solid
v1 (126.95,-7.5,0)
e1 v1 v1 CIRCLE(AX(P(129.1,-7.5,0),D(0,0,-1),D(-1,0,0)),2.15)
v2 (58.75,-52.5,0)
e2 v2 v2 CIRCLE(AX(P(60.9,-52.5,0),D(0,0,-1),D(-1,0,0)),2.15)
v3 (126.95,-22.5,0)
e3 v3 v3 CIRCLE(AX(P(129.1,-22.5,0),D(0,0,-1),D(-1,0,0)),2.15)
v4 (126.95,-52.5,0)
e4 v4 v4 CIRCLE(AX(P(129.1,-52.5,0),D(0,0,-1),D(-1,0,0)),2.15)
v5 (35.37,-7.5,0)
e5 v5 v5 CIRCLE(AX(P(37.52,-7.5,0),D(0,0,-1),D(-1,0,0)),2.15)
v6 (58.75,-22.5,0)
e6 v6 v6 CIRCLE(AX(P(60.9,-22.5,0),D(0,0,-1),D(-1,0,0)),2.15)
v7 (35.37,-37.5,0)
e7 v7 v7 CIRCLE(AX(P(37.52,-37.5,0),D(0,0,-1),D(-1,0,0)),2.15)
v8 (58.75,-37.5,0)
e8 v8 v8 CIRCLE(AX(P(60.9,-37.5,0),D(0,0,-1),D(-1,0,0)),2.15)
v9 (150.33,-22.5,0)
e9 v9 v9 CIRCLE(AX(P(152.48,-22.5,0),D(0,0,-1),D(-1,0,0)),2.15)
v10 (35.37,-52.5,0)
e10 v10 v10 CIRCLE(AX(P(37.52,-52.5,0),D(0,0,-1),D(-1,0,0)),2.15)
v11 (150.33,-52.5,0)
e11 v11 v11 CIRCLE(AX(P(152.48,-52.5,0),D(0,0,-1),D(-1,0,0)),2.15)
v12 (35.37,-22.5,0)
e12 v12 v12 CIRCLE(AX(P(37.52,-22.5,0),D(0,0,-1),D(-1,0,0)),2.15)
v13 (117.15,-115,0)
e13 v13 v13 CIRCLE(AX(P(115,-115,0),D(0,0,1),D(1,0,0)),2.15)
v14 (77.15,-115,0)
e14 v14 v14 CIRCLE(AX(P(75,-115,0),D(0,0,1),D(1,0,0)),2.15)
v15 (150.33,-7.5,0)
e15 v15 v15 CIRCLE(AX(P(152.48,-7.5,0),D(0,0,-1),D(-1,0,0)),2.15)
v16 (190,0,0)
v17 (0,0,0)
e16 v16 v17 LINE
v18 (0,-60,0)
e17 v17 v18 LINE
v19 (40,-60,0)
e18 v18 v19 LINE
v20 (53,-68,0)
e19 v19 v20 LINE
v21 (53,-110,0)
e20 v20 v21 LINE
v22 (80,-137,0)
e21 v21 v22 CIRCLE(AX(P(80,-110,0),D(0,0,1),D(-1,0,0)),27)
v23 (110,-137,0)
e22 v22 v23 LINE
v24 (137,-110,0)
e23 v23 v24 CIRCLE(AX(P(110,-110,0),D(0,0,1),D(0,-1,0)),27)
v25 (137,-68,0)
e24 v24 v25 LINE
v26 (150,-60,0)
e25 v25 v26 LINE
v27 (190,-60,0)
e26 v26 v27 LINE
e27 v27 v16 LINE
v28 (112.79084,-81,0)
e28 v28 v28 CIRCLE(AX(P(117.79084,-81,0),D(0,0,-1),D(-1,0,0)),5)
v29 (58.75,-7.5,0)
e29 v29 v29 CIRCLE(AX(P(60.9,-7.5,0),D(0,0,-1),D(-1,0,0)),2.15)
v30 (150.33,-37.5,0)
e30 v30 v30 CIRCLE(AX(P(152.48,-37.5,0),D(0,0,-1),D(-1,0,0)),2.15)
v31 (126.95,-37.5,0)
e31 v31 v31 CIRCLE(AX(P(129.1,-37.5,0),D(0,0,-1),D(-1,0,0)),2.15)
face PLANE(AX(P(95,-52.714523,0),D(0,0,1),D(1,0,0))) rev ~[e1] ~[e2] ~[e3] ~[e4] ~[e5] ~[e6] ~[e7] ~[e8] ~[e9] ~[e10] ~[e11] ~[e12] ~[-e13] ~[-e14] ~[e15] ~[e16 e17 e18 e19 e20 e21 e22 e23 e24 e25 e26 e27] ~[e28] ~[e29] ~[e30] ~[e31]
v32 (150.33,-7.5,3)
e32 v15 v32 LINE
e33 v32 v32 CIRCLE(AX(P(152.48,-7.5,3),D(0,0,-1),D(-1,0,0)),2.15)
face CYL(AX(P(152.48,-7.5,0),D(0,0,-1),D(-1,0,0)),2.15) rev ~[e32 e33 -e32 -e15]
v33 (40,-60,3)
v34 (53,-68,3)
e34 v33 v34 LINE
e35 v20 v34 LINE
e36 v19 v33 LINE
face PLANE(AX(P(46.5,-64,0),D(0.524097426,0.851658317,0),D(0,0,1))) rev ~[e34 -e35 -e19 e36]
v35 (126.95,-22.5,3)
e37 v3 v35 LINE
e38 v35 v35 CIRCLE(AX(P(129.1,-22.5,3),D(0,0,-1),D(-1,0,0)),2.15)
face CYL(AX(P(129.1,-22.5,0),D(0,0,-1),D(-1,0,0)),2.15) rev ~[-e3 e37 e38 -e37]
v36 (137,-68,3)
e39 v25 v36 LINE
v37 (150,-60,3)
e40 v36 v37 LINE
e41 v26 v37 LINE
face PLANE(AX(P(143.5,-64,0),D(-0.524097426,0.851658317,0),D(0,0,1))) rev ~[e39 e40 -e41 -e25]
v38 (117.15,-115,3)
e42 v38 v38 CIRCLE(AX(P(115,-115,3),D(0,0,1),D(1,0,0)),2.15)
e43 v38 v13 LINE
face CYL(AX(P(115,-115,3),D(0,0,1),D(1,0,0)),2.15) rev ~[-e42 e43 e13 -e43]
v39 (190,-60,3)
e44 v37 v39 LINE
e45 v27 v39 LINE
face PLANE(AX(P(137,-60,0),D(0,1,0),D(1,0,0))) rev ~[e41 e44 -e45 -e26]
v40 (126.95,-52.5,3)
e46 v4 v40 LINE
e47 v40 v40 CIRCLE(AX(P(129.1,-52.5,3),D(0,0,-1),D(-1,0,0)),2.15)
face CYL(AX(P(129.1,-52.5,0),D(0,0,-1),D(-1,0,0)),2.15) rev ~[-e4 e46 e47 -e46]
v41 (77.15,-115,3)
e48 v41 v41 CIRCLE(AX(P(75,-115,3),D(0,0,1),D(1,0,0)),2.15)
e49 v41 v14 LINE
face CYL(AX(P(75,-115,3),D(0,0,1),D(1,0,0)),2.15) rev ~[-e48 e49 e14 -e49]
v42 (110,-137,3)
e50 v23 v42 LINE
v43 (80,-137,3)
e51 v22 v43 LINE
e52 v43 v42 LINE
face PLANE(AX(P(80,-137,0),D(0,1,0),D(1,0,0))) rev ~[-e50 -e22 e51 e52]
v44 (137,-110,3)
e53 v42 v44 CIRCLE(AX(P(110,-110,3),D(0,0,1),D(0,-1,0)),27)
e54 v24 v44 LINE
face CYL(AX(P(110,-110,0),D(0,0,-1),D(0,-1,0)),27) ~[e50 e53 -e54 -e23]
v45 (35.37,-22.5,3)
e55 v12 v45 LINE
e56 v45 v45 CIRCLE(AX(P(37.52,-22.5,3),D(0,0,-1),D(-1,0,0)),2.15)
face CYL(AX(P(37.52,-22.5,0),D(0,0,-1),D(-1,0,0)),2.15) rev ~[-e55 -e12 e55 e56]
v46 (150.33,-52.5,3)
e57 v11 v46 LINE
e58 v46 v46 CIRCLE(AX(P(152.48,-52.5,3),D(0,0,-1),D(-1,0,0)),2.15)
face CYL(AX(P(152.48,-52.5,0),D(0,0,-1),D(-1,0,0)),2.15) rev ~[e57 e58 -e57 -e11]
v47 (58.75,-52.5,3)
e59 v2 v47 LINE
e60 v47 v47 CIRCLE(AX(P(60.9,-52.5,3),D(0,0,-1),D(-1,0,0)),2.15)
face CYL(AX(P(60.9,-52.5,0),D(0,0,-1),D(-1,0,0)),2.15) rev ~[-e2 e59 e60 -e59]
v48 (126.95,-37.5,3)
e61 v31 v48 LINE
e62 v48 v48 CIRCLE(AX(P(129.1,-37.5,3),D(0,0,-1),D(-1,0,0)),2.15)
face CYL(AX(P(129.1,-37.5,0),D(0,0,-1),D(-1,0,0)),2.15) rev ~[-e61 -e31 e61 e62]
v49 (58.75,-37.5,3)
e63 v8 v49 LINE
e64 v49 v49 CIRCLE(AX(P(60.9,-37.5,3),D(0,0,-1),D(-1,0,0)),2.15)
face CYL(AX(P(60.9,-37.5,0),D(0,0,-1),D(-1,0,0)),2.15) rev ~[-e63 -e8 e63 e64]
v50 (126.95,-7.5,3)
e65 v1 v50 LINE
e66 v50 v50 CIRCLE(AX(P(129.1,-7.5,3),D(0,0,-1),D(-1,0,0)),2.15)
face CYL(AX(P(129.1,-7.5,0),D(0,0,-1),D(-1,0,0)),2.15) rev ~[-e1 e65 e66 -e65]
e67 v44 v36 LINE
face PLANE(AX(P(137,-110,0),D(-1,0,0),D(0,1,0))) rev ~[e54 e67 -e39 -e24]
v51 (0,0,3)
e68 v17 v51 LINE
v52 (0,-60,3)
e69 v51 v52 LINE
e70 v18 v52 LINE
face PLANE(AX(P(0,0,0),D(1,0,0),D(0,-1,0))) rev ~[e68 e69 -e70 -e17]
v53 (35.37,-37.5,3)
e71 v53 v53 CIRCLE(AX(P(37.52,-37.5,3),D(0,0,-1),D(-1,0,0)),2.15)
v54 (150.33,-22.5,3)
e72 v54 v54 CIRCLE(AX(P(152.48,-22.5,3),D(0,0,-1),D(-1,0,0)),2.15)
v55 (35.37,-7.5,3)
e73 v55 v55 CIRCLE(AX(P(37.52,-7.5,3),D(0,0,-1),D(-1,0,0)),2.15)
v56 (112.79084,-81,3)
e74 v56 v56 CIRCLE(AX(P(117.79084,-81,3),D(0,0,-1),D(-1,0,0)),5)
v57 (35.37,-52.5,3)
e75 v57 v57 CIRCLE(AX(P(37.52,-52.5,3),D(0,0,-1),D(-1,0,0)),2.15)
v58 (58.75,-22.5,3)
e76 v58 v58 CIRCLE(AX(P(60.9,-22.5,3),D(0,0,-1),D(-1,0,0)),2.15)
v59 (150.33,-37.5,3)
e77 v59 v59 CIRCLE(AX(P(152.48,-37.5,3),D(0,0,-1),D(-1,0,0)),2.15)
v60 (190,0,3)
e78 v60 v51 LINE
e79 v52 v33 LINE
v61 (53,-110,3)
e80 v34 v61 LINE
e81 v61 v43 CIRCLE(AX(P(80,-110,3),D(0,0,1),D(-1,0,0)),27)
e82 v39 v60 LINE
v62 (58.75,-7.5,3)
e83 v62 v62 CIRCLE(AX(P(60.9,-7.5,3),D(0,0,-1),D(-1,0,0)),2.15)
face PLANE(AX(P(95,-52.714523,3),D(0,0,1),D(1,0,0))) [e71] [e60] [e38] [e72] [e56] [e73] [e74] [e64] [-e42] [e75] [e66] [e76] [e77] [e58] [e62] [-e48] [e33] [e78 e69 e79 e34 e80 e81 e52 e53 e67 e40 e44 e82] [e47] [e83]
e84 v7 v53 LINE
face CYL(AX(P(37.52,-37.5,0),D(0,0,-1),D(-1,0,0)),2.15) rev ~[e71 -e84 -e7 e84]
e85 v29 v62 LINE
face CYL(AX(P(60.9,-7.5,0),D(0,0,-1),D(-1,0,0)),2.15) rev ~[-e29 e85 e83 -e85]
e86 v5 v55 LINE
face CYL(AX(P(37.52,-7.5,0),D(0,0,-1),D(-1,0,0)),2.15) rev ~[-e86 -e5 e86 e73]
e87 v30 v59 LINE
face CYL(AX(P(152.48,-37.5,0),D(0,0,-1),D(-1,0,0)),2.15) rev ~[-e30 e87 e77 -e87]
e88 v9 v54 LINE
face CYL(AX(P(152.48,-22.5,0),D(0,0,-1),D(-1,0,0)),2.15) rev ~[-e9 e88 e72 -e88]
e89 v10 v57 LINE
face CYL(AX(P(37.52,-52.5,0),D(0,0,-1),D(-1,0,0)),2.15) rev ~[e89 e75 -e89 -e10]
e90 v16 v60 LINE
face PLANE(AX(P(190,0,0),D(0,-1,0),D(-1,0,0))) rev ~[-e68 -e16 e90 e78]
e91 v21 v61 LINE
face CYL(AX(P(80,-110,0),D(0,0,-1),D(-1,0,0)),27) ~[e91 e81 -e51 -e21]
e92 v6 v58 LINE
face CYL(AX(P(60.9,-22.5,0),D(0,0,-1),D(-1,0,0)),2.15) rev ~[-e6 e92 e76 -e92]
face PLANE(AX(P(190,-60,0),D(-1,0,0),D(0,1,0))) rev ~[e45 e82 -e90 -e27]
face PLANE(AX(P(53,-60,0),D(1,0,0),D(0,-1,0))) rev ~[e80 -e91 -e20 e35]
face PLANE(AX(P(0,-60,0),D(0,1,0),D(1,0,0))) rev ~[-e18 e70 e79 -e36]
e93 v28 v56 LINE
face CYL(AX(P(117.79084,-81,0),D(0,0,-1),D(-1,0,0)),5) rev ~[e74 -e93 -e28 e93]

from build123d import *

# Parameters (mm, degrees)
EXTRUDE_1_DEPTH     = 3
CUT_EXTRUDE_1_REACH = 236.261
SKETCH_2_R          = 2.15
CHAMFER_1_SIZE      = 13
CHAMFER_1_SIZE2     = 8
CHAMFER_2_SIZE      = 8
CHAMFER_2_SIZE2     = 13
SKETCH_6_R          = 5
CUT_EXTRUDE_4_DEPTH = 10
SKETCH_7_R          = 2.15
CUT_EXTRUDE_5_DEPTH = 235.260538717


with BuildPart() as part:
    # 草图1 → 凸台-拉伸1 (new body)
    with BuildSketch(Plane.XY):
        with BuildLine():
            Line((0, 0), (0, -60))
            Line((0, -60), (53, -60))
            Line((53, -60), (53, -110))
            ThreePointArc((53, -110), (60.908116908, -129.091883092), (80, -137))
            Line((80, -137), (110, -137))
            ThreePointArc((110, -137), (129.091883092, -129.091883092), (137, -110))
            Line((137, -110), (137, -60))
            Line((137, -60), (190, -60))
            Line((190, -60), (190, 0))
            Line((190, 0), (0, 0))
        make_face()
    extrude(amount=EXTRUDE_1_DEPTH)

    # 草图2 → 切除-拉伸1 (cut, up to next)
    with BuildSketch(Plane.XY.offset(3), mode=Mode.PRIVATE) as cut_extrude_1_sk1:
        with Locations((75, -115)):
            Circle(SKETCH_2_R)
    cut_extrude_1_tool1 = extrude(cut_extrude_1_sk1.sketch, amount=-CUT_EXTRUDE_1_REACH, mode=Mode.PRIVATE) & part.part
    # 草图2 → 切除-拉伸1 (cut, up to next)
    with BuildSketch(Plane.XY.offset(3), mode=Mode.PRIVATE) as cut_extrude_1_sk2:
        with Locations((115, -115)):
            Circle(SKETCH_2_R)
    cut_extrude_1_tool2 = extrude(cut_extrude_1_sk2.sketch, amount=-CUT_EXTRUDE_1_REACH, mode=Mode.PRIVATE) & part.part
    add(cut_extrude_1_tool1.solids().sort_by_distance((75, -115, 3))[0], mode=Mode.SUBTRACT)
    add(cut_extrude_1_tool2.solids().sort_by_distance((115, -115, 3))[0], mode=Mode.SUBTRACT)

    # 倒角1
    chamfer_1_edges = [part.edges().sort_by_distance(p)[0] for p in [
        (53, -60, 1.5),
    ]]
    chamfer_1_side = [part.faces().sort_by_distance(p)[0] for p in [
        (26.5, -60, 1.5),
    ]]
    chamfer(chamfer_1_edges, length=CHAMFER_1_SIZE, length2=CHAMFER_1_SIZE2, reference=chamfer_1_side[0])

    # 倒角2
    chamfer_2_edges = [part.edges().sort_by_distance(p)[0] for p in [
        (137, -60, 1.5),
    ]]
    chamfer_2_side = [part.faces().sort_by_distance(p)[0] for p in [
        (137, -85, 1.5),
    ]]
    chamfer(chamfer_2_edges, length=CHAMFER_2_SIZE, length2=CHAMFER_2_SIZE2, reference=chamfer_2_side[0])

    # 草图6 → 切除-拉伸4 (cut)
    with BuildSketch(Plane(origin=(0, 0, 0), x_dir=(-1, 0, 0), z_dir=(0, 0, -1))):
        with Locations((-117.79084048, -81)):
            Circle(SKETCH_6_R)
    extrude(amount=-CUT_EXTRUDE_4_DEPTH, mode=Mode.SUBTRACT)

    # 草图7 → 切除-拉伸5 (cut, through all)
    with BuildSketch(Plane(origin=(0, 0, 0), x_dir=(-1, 0, 0), z_dir=(0, 0, -1))):
        with Locations((-129.1, -7.5)):
            Circle(SKETCH_7_R)
        with Locations((-152.48, -7.5)):
            Circle(SKETCH_7_R)
        with Locations((-152.48, -22.5)):
            Circle(SKETCH_7_R)
        with Locations((-129.1, -22.5)):
            Circle(SKETCH_7_R)
        with Locations((-152.48, -37.5)):
            Circle(SKETCH_7_R)
        with Locations((-129.1, -37.5)):
            Circle(SKETCH_7_R)
        with Locations((-152.48, -52.5)):
            Circle(SKETCH_7_R)
        with Locations((-129.1, -52.5)):
            Circle(SKETCH_7_R)
        with Locations((-60.9, -22.5)):
            Circle(SKETCH_7_R)
        with Locations((-37.52, -22.5)):
            Circle(SKETCH_7_R)
        with Locations((-60.9, -37.5)):
            Circle(SKETCH_7_R)
        with Locations((-37.52, -37.5)):
            Circle(SKETCH_7_R)
        with Locations((-60.9, -52.5)):
            Circle(SKETCH_7_R)
        with Locations((-37.52, -52.5)):
            Circle(SKETCH_7_R)
        with Locations((-60.9, -7.5)):
            Circle(SKETCH_7_R)
        with Locations((-37.52, -7.5)):
            Circle(SKETCH_7_R)
    extrude(amount=-CUT_EXTRUDE_5_DEPTH, mode=Mode.SUBTRACT)


solid = part.part
